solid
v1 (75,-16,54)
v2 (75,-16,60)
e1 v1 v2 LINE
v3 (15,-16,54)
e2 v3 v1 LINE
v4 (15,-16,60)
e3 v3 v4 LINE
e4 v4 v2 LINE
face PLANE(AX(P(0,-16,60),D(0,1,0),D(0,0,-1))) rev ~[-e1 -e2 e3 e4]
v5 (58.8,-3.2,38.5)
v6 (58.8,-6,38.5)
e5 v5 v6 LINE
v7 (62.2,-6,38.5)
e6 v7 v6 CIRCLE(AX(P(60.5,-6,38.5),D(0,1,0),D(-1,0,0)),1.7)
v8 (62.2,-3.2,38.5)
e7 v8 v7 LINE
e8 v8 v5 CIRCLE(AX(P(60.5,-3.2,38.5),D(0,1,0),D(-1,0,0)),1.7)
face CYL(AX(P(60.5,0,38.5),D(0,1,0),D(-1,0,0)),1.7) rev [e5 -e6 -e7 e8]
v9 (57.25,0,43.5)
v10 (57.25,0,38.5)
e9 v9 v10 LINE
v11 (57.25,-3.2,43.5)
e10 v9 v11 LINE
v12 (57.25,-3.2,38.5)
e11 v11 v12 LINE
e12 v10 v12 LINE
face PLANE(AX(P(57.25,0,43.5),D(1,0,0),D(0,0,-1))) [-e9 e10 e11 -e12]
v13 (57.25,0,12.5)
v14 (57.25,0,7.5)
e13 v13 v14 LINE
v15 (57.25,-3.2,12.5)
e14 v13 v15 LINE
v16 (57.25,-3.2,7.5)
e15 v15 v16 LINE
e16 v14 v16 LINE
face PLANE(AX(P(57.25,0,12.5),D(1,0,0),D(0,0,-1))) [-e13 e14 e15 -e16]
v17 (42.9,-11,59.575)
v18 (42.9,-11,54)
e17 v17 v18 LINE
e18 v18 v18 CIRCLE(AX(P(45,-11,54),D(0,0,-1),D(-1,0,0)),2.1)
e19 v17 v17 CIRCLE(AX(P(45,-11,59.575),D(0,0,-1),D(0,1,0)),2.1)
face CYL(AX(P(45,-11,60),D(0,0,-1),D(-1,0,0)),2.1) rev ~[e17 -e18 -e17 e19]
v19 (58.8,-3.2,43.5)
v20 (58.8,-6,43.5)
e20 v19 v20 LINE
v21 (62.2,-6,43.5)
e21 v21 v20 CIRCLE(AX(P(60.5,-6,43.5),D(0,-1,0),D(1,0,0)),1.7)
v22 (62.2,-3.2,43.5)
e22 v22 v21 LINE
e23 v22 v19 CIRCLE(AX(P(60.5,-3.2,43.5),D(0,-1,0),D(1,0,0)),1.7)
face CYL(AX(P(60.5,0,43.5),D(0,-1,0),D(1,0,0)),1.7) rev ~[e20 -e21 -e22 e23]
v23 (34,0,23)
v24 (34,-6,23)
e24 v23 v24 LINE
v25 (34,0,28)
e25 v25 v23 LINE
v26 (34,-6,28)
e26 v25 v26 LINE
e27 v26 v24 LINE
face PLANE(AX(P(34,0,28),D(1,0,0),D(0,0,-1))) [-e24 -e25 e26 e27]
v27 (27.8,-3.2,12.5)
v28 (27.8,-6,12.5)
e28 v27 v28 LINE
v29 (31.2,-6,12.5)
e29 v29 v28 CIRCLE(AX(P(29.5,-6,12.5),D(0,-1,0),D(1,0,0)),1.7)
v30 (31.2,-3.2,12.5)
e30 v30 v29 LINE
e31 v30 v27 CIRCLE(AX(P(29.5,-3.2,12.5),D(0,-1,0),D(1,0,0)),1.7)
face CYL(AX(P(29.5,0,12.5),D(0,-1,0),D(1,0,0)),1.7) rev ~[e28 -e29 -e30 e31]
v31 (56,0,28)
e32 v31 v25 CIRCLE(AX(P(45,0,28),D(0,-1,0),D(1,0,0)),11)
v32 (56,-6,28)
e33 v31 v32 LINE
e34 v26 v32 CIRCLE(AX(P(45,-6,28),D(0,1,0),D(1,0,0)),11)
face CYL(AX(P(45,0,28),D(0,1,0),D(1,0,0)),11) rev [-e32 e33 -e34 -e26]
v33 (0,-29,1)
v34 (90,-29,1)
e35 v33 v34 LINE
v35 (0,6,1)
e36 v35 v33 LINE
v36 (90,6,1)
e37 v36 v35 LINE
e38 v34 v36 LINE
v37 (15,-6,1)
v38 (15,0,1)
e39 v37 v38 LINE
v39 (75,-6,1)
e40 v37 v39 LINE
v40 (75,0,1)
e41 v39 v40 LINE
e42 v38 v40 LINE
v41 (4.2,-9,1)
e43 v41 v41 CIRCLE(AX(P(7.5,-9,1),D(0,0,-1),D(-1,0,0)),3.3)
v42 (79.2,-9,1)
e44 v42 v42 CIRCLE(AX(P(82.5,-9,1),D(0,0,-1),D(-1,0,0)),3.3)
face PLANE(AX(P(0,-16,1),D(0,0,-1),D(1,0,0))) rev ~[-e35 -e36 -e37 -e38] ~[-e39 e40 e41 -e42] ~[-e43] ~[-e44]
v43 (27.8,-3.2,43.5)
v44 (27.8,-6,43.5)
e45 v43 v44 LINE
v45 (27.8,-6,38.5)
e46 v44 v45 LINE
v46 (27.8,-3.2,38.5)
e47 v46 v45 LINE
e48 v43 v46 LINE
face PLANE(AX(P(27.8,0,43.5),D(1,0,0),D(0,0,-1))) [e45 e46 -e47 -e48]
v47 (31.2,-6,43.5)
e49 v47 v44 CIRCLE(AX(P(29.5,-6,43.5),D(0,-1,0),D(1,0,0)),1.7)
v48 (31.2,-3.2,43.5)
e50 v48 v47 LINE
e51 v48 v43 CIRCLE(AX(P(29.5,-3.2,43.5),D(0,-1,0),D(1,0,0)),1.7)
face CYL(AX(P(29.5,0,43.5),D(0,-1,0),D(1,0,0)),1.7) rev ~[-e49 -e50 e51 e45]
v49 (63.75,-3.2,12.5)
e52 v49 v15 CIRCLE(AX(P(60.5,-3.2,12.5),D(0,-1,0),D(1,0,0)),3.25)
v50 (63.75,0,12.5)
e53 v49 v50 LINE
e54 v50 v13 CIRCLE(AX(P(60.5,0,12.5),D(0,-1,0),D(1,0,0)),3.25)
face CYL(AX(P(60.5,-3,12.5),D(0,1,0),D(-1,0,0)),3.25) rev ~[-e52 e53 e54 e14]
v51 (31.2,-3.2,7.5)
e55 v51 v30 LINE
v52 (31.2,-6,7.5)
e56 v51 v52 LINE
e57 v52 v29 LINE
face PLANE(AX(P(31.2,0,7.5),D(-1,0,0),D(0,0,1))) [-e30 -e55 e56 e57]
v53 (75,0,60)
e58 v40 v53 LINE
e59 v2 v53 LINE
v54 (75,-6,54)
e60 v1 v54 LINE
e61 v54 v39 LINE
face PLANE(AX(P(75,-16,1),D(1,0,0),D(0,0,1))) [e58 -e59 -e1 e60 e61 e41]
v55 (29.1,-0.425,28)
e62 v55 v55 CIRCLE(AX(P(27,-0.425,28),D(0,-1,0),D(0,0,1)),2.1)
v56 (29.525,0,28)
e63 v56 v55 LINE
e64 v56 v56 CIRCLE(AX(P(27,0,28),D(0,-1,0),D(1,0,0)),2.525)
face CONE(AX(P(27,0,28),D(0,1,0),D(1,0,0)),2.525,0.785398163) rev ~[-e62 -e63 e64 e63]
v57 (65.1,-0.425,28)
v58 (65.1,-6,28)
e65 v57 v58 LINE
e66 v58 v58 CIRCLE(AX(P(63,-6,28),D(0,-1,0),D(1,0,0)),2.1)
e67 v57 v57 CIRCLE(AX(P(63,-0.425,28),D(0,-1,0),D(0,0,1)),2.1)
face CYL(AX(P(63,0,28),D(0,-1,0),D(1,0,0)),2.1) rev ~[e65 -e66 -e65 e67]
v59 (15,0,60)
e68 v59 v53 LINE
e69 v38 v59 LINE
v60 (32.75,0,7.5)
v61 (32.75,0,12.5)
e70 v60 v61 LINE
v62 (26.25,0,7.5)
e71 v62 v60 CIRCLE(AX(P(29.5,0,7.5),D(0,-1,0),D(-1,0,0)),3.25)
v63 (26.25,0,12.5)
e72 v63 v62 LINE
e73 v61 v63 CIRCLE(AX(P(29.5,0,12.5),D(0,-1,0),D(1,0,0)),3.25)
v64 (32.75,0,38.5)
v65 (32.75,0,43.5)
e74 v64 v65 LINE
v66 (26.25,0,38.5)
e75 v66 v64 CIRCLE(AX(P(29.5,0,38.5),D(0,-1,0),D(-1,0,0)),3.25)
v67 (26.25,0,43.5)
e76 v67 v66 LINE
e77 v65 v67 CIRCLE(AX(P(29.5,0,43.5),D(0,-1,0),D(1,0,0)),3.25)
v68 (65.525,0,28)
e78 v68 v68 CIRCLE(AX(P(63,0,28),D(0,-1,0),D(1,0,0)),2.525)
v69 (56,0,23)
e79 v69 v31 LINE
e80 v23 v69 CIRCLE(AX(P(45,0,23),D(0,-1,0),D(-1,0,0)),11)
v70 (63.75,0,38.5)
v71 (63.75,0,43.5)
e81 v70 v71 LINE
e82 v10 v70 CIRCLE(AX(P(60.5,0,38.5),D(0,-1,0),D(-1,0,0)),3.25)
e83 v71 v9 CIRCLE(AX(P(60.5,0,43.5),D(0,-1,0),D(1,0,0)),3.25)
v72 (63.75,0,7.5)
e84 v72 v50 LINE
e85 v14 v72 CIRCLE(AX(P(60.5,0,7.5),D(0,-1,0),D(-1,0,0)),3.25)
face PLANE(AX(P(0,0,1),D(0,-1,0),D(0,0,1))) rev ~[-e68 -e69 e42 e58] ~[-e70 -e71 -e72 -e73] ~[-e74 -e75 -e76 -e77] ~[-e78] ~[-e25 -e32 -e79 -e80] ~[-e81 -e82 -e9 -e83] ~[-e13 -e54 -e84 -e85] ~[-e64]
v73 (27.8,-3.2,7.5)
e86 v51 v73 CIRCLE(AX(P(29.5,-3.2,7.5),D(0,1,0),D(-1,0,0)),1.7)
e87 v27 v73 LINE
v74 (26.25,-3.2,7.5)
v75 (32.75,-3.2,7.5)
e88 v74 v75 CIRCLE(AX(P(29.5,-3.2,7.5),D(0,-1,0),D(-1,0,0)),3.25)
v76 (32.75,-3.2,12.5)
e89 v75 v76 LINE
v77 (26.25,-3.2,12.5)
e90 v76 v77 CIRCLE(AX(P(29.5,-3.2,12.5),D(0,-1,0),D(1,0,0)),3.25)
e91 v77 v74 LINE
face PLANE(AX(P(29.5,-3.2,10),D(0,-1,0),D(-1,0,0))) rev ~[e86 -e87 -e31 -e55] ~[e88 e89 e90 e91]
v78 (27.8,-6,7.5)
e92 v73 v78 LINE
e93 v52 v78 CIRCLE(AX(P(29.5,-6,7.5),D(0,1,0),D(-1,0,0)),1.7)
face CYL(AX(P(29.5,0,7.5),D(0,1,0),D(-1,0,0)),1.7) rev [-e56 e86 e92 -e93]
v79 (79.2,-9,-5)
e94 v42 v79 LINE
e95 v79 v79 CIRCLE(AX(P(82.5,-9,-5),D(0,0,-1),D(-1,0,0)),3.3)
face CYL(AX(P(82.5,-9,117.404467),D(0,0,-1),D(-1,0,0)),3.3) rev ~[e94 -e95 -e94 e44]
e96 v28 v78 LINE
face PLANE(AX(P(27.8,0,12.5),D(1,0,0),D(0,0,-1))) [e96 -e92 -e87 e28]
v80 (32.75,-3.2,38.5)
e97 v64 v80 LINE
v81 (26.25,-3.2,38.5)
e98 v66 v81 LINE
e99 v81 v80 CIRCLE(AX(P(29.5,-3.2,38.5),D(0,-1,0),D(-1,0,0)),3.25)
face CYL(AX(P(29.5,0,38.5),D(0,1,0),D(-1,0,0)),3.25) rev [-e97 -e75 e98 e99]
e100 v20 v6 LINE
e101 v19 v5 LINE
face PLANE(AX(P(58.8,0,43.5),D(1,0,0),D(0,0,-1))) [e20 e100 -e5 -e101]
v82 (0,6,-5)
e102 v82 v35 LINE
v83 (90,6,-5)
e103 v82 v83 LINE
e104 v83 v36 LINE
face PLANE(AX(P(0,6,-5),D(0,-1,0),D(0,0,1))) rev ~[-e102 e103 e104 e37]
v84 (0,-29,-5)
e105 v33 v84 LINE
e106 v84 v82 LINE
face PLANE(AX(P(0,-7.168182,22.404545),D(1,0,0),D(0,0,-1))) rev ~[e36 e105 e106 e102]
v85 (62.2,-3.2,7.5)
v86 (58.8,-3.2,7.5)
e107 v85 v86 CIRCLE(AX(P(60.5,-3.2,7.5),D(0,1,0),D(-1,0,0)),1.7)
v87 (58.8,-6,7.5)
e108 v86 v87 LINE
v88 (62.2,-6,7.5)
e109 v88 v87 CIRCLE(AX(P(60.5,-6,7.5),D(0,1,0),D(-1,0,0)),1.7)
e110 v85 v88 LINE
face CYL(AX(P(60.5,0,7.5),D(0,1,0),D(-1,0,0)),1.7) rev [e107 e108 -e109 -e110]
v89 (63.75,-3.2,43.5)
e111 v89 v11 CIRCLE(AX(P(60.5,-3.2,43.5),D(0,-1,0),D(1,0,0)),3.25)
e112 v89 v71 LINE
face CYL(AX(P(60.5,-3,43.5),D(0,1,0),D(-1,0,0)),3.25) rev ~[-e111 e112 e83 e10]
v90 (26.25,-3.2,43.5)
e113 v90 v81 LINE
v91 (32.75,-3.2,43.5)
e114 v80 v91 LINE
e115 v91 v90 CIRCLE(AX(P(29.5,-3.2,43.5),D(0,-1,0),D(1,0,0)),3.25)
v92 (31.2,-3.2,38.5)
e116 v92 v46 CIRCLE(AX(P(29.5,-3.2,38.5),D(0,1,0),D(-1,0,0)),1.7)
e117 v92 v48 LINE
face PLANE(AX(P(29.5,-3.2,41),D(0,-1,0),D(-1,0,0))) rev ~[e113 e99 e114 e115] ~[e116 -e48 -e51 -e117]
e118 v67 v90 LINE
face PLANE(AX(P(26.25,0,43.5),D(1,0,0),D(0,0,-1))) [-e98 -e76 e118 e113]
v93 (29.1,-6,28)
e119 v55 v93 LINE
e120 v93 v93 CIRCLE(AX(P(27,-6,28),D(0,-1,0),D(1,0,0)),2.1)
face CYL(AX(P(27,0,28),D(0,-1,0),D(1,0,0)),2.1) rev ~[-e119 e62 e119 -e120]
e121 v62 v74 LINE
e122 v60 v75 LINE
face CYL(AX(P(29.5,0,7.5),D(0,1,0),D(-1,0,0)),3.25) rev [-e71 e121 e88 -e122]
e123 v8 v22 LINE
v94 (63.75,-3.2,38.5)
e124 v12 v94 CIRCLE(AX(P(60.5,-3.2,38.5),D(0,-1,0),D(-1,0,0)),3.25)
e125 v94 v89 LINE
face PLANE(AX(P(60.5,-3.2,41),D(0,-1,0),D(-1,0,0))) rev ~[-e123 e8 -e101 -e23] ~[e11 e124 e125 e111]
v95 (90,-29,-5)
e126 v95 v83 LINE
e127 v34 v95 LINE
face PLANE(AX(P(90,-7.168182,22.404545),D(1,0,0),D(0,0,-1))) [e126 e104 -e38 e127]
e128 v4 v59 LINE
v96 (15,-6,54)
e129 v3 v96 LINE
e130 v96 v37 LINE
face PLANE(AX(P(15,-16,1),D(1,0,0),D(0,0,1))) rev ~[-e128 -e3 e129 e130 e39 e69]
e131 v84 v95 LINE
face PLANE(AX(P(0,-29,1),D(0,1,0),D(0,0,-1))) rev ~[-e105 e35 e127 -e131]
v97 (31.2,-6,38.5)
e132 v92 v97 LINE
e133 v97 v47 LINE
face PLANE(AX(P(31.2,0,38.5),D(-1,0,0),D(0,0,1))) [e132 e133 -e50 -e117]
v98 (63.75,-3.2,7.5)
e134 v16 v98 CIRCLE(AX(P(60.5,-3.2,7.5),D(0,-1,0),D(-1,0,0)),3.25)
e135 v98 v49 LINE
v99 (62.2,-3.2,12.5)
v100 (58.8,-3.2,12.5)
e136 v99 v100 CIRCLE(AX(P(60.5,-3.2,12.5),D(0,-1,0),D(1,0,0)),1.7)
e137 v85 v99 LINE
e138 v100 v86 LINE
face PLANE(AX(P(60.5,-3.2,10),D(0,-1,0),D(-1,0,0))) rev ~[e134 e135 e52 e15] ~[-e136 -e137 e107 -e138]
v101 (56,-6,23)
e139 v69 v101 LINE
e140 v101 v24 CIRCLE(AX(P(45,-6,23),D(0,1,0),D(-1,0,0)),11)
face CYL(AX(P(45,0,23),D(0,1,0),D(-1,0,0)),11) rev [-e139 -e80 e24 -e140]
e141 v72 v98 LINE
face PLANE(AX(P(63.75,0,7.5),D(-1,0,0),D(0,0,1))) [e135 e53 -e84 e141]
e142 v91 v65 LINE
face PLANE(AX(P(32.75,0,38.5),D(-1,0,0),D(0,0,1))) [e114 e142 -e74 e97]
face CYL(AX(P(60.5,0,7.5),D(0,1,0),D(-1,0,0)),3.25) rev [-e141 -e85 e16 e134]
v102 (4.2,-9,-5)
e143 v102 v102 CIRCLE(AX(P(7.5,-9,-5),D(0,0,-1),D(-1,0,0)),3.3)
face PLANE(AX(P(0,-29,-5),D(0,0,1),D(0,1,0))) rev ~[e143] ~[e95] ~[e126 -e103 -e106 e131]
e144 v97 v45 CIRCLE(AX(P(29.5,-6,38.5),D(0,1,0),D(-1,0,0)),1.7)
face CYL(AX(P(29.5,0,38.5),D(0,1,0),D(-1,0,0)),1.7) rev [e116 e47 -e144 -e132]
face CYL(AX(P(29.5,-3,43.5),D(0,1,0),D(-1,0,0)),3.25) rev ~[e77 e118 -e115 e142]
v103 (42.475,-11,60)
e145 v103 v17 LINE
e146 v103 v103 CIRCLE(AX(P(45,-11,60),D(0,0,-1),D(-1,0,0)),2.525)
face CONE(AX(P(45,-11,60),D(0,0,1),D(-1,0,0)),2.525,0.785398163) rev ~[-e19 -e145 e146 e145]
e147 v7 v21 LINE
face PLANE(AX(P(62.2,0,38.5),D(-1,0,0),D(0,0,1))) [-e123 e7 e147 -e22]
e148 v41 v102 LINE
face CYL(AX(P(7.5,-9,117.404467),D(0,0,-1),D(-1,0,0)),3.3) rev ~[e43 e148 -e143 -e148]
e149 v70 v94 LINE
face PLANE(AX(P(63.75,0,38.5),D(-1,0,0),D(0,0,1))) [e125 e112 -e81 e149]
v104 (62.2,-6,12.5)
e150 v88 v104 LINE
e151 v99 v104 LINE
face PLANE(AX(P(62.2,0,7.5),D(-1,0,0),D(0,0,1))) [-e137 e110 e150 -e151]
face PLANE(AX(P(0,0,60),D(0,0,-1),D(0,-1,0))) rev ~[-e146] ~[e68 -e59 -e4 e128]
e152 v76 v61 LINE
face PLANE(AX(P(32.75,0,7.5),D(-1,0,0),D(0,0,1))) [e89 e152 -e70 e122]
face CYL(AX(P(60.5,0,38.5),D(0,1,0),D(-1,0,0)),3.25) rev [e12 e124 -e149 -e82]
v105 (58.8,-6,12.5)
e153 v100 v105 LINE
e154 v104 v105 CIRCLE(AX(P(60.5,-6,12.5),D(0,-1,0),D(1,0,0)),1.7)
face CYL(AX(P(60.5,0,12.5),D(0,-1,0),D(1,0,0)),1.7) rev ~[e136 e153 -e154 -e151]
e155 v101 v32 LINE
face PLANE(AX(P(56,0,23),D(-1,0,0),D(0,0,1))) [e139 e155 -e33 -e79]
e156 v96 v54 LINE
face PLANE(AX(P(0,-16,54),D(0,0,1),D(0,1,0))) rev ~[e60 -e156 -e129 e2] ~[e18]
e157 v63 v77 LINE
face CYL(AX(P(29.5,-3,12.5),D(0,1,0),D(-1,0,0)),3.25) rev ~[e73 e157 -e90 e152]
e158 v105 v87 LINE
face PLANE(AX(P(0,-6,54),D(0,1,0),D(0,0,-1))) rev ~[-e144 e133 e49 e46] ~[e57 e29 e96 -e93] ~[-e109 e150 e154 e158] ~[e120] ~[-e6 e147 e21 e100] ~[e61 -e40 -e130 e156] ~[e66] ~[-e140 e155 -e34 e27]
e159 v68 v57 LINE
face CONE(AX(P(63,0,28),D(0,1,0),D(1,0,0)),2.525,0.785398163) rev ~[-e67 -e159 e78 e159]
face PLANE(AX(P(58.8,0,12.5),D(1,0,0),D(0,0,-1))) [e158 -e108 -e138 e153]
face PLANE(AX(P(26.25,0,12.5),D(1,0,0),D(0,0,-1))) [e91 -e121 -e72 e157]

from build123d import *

# Parameters (mm, degrees)
BOSS_EXTRUDE1_DEPTH                                 = 90
SKETCH3_W                                           = 15
SKETCH3_H                                           = 59
CUT_EXTRUDE1_DEPTH                                  = 111.381157812
M6_CLEARANCE_HOLE1_D                                = 6.6
M5_TAPPED_HOLE1_D                                   = 4.2
M5_TAPPED_HOLE1_DEPTH                               = 6
M5_TAPPED_HOLE1_CSINK_D                             = 5.05
M5_TAPPED_HOLE1_CSINK_ANGLE                         = 90
CUT_EXTRUDE2_DEPTH                                  = 112.986606342
M5_TAPPED_HOLE2_D                                   = 4.2
M5_TAPPED_HOLE2_CSINK_D                             = 5.05
M5_TAPPED_HOLE2_CSINK_ANGLE                         = 90
CBORE_FOR_M3_HEX_SOCKET_HEAD_CAP_SCREW1_D           = 3.4
CBORE_FOR_M3_HEX_SOCKET_HEAD_CAP_SCREW1_CBORE_D     = 6.5
CBORE_FOR_M3_HEX_SOCKET_HEAD_CAP_SCREW1_CBORE_DEPTH = 3
CUT_EXTRUDE3_DEPTH                                  = 112.986606342
CUT_EXTRUDE4_DEPTH                                  = 3.2


with BuildPart() as part:
    # Sketch1 → Boss-Extrude1 (new body)
    with BuildSketch(Plane(origin=(0, 0, 0), x_dir=(0, 0, -1), z_dir=(1, 0, 0))):
        Polygon((-60, 0), (-60, -16), (-54, -16), (-54, -6), (-1, -6), (-1, -29), (5, -29), (5, 6), (-1, 6), (-1, 0), align=None)
    extrude(amount=BOSS_EXTRUDE1_DEPTH)

    # Sketch3 → Cut-Extrude1 (cut, through all)
    with BuildSketch(Plane.XZ.offset(16)):
        with Locations((82.5, 30.5)):
            Rectangle(SKETCH3_W, SKETCH3_H)
        with Locations((7.5, 30.5)):
            Rectangle(SKETCH3_W, SKETCH3_H)
    extrude(amount=-CUT_EXTRUDE1_DEPTH, mode=Mode.SUBTRACT)

    # M6 Clearance Hole1 (through all)
    with Locations(Plane.XY.offset(1)):
        with Locations((7.5, -9), (82.5, -9)):
            Hole(M6_CLEARANCE_HOLE1_D / 2)

    # M5 Tapped Hole1
    with Locations(Plane.XY.offset(60)):
        with Locations((45, -11)):
            CounterSinkHole(M5_TAPPED_HOLE1_D / 2, M5_TAPPED_HOLE1_CSINK_D / 2, depth=M5_TAPPED_HOLE1_DEPTH, counter_sink_angle=M5_TAPPED_HOLE1_CSINK_ANGLE)

    # Sketch9 → Cut-Extrude2 (cut, through all)
    with BuildSketch(Plane(origin=(0, 0, 0), x_dir=(1, 0, 0), z_dir=(0, 1, 0))):
        with BuildLine():
            Line((34, -28), (34, -23))
            ThreePointArc((34, -23), (45, -12), (56, -23))
            Line((56, -23), (56, -28))
            ThreePointArc((56, -28), (45, -39), (34, -28))
        make_face()
    extrude(amount=-CUT_EXTRUDE2_DEPTH, mode=Mode.SUBTRACT)

    # M5 Tapped Hole2 (through all)
    with Locations(Plane(origin=(0, 0, 0), x_dir=(-1, 0, 0), z_dir=(0, 1, 0))):
        with Locations((-27, 28), (-63, 28)):
            CounterSinkHole(M5_TAPPED_HOLE2_D / 2, M5_TAPPED_HOLE2_CSINK_D / 2, counter_sink_angle=M5_TAPPED_HOLE2_CSINK_ANGLE)

    # CBORE for M3 Hex Socket Head Cap Screw1 (through all)
    with Locations(Plane(origin=(0, 0, 0), x_dir=(-1, 0, 0), z_dir=(0, 1, 0))):
        with Locations((-29.5, 12.5), (-60.5, 12.5), (-29.5, 43.5), (-60.5, 43.5)):
            CounterBoreHole(CBORE_FOR_M3_HEX_SOCKET_HEAD_CAP_SCREW1_D / 2, CBORE_FOR_M3_HEX_SOCKET_HEAD_CAP_SCREW1_CBORE_D / 2, CBORE_FOR_M3_HEX_SOCKET_HEAD_CAP_SCREW1_CBORE_DEPTH)

    # Sketch15 → Cut-Extrude3 (cut, through all)
    with BuildSketch(Plane(origin=(0, 0, 0), x_dir=(1, 0, 0), z_dir=(0, 1, 0))):
        with BuildLine():
            Line((27.8, -12.5), (27.8, -7.5))
            ThreePointArc((27.8, -7.5), (29.5, -5.8), (31.2, -7.5))
            Line((31.2, -7.5), (31.2, -12.5))
            ThreePointArc((31.2, -12.5), (29.5, -14.2), (27.8, -12.5))
        make_face()
        with BuildLine():
            Line((58.8, -12.5), (58.8, -7.5))
            ThreePointArc((58.8, -7.5), (60.5, -5.8), (62.2, -7.5))
            Line((62.2, -7.5), (62.2, -12.5))
            ThreePointArc((62.2, -12.5), (60.5, -14.2), (58.8, -12.5))
        make_face()
        with BuildLine():
            Line((27.8, -43.5), (27.8, -38.5))
            ThreePointArc((27.8, -38.5), (29.5, -36.8), (31.2, -38.5))
            Line((31.2, -38.5), (31.2, -43.5))
            ThreePointArc((31.2, -43.5), (29.5, -45.2), (27.8, -43.5))
        make_face()
        with BuildLine():
            Line((58.8, -43.5), (58.8, -38.5))
            ThreePointArc((58.8, -38.5), (60.5, -36.8), (62.2, -38.5))
            Line((62.2, -38.5), (62.2, -43.5))
            ThreePointArc((62.2, -43.5), (60.5, -45.2), (58.8, -43.5))
        make_face()
    extrude(amount=-CUT_EXTRUDE3_DEPTH, mode=Mode.SUBTRACT)

    # Sketch16 → Cut-Extrude4 (cut)
    with BuildSketch(Plane(origin=(0, 0, 0), x_dir=(1, 0, 0), z_dir=(0, 1, 0))):
        with BuildLine():
            Line((26.25, -12.5), (26.25, -7.5))
            ThreePointArc((26.25, -7.5), (29.5, -4.25), (32.75, -7.5))
            Line((32.75, -7.5), (32.75, -12.5))
            ThreePointArc((32.75, -12.5), (29.5, -15.75), (26.25, -12.5))
        make_face()
        with BuildLine():
            Line((57.25, -12.5), (57.25, -7.5))
            ThreePointArc((57.25, -7.5), (60.5, -4.25), (63.75, -7.5))
            Line((63.75, -7.5), (63.75, -12.5))
            ThreePointArc((63.75, -12.5), (60.5, -15.75), (57.25, -12.5))
        make_face()
        with BuildLine():
            Line((26.25, -43.5), (26.25, -38.5))
            ThreePointArc((26.25, -38.5), (29.5, -35.25), (32.75, -38.5))
            Line((32.75, -38.5), (32.75, -43.5))
            ThreePointArc((32.75, -43.5), (29.5, -46.75), (26.25, -43.5))
        make_face()
        with BuildLine():
            Line((57.25, -43.5), (57.25, -38.5))
            ThreePointArc((57.25, -38.5), (60.5, -35.25), (63.75, -38.5))
            Line((63.75, -38.5), (63.75, -43.5))
            ThreePointArc((63.75, -43.5), (60.5, -46.75), (57.25, -43.5))
        make_face()
    extrude(amount=-CUT_EXTRUDE4_DEPTH, mode=Mode.SUBTRACT)


solid = part.part
